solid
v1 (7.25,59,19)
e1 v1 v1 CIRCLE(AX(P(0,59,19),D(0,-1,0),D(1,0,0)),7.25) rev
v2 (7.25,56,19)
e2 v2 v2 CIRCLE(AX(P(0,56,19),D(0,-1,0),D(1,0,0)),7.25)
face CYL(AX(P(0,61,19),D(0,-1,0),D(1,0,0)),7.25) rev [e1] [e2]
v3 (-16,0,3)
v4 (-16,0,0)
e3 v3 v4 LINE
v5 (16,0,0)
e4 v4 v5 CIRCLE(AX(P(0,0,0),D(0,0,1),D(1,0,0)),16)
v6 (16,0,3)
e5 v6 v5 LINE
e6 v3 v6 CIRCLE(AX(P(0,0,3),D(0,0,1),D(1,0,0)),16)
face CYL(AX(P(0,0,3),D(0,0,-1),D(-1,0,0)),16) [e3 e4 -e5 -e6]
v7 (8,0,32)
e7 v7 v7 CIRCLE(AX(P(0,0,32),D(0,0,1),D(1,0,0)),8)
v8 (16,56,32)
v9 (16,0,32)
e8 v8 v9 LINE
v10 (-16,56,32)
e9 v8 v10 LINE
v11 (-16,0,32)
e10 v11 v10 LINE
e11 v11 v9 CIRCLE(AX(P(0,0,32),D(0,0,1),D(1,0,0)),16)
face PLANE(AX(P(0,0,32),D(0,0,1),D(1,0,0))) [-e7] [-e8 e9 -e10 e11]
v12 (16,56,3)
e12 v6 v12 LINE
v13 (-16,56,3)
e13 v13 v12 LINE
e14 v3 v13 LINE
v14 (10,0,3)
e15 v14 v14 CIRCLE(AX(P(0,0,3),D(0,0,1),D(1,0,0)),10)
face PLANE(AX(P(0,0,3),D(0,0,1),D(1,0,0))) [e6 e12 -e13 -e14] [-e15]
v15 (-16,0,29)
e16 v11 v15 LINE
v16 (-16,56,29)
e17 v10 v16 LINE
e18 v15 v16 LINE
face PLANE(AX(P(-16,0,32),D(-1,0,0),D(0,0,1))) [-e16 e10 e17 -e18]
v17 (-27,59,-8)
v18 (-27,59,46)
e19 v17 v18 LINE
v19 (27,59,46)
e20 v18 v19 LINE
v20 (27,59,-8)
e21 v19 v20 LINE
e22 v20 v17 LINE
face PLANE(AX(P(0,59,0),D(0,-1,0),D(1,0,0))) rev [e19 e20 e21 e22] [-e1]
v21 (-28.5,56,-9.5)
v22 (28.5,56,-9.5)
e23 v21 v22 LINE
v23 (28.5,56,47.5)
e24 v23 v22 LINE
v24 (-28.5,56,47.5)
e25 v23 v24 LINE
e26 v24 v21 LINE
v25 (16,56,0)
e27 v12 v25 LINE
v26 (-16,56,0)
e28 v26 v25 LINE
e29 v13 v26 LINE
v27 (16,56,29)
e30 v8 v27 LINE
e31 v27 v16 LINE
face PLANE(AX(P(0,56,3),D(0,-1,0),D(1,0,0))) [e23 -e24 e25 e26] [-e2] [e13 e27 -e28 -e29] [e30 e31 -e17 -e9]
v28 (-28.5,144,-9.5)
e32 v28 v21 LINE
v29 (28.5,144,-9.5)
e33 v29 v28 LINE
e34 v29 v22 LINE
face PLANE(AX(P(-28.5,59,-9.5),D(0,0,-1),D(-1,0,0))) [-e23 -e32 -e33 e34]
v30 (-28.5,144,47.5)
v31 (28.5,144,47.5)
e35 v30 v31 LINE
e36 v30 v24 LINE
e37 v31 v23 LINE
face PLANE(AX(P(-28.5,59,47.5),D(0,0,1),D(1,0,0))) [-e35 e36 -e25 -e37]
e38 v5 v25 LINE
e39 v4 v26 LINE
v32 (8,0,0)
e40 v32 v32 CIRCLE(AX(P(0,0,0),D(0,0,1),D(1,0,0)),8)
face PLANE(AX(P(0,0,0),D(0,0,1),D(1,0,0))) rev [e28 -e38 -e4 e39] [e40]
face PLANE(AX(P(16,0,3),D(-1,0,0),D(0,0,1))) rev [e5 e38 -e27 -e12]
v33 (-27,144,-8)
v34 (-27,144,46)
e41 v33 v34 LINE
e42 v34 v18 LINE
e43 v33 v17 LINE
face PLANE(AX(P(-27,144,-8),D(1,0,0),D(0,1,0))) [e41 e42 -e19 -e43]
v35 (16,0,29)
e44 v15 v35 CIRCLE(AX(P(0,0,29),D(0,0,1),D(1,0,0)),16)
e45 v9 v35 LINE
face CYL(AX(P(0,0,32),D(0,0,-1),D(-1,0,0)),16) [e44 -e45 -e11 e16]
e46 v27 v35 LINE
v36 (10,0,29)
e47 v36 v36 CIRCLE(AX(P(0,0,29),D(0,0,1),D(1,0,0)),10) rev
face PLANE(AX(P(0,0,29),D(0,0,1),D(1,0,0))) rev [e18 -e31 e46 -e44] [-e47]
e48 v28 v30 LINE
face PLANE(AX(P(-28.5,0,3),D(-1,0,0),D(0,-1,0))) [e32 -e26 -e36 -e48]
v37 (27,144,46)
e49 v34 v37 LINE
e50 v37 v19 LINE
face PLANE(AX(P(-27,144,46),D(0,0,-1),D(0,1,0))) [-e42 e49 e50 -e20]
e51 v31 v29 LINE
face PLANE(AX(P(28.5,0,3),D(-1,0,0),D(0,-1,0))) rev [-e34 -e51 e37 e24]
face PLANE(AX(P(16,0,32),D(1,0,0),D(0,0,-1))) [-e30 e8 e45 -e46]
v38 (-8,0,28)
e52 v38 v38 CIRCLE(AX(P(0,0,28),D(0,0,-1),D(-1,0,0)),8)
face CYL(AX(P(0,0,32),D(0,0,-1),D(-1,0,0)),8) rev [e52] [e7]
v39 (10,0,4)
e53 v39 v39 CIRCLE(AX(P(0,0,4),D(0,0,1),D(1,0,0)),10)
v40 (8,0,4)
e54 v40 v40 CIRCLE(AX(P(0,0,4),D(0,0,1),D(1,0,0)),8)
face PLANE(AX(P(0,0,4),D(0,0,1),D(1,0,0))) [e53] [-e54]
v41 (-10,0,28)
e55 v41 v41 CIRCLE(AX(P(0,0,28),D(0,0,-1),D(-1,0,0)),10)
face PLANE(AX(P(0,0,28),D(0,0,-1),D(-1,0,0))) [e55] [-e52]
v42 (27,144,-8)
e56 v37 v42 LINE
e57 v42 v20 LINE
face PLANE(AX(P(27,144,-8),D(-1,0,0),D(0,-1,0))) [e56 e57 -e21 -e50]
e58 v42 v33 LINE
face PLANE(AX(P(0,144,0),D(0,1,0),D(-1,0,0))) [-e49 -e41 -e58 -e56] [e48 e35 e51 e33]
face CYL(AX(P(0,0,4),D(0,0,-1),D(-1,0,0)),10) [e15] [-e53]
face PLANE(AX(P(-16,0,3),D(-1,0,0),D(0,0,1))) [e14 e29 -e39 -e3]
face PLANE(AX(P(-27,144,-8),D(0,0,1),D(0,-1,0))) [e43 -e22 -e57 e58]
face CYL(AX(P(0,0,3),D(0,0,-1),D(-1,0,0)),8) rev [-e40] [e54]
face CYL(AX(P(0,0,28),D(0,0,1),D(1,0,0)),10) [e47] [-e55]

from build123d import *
from build123d.topology import SkipClean

# Parameters (mm, degrees)
SKETCH_1_R          = 8
EXTRUDE_1_DEPTH     = 3
SKETCH_2_R          = 10
SKETCH_2_R_2        = 8
EXTRUDE_3_DEPTH     = 1
SKETCH_4_R          = 8
EXTRUDE_4_DEPTH     = 3
EXTRUDE_START       = 1
SKETCH_5_R          = 10
SKETCH_5_R_2        = 8
EXTRUDE_5_DEPTH     = 1
SKETCH_6_W          = 57
SKETCH_6_H          = 57
EXTRUDE_6_DEPTH     = 3
CUT_EXTRUDE_1_DEPTH = 5
SKETCH_10_R         = 8.25
SKETCH_10_R_2       = 7.25
EXTRUDE_7_DEPTH     = 2
SKETCH_11_W         = 32
SKETCH_11_H         = 37
CUT_EXTRUDE_2_DEPTH = 57
SKETCH_12_W         = 57
SKETCH_12_H         = 57
SKETCH_12_W_2       = 54
SKETCH_12_H_2       = 54
EXTRUDE_8_DEPTH     = 85


with BuildPart() as part:
    # 草图1 → 凸台-拉伸1 (new body)
    with BuildSketch(Plane.XY):
        with BuildLine():
            Line((-16, 0), (-16, 56))
            Line((-16, 56), (-28.5, 56))
            Line((-28.5, 56), (-28.5, 96))
            Line((-28.5, 96), (28.5, 96))
            Line((28.5, 96), (28.5, 56))
            Line((28.5, 56), (16, 56))
            Line((16, 56), (16, 0))
            ThreePointArc((16, 0), (0, -16), (-16, 0))
        make_face()
        Circle(SKETCH_1_R, mode=Mode.SUBTRACT)
    extrude(amount=EXTRUDE_1_DEPTH)

    # 草图2 → 凸台-拉伸3 (add)
    with BuildSketch(Plane.XY.offset(3)):
        Circle(SKETCH_2_R)
        Circle(SKETCH_2_R_2, mode=Mode.SUBTRACT)
    extrude(amount=EXTRUDE_3_DEPTH)



with BuildPart() as body_2:
    # 草图4 → 凸台-拉伸4 (new body)
    with BuildSketch(Plane.XY.offset(29)):
        with BuildLine():
            Line((-16, 0), (-16, 56))
            Line((-16, 56), (-28.5, 56))
            Line((-28.5, 56), (-28.5, 96))
            Line((-28.5, 96), (28.5, 96))
            Line((28.5, 96), (28.5, 56))
            Line((28.5, 56), (16, 56))
            Line((16, 56), (16, 0))
            ThreePointArc((16, 0), (0, -16), (-16, 0))
        make_face()
        Circle(SKETCH_4_R, mode=Mode.SUBTRACT)
    extrude(amount=EXTRUDE_4_DEPTH)

    # 草图5 → 凸台-拉伸5 (add)
    with BuildSketch(Plane(origin=(0, 0, 29), x_dir=(-1, 0, 0), z_dir=(0, 0, -1)).offset(EXTRUDE_START)):
        with Locations(Location((0, 0, 0), (0, 0, 180))):
            Circle(SKETCH_5_R)
        with Locations(Location((0, 0, 0), (0, 0, 180))):
            Circle(SKETCH_5_R_2, mode=Mode.SUBTRACT)
    extrude(amount=-EXTRUDE_5_DEPTH)


with BuildPart() as part_1:
    add(part.part)

    add(body_2.part)  # 凸台-拉伸6 merges body 2
    # 草图6 → 凸台-拉伸6 (add)
    with BuildSketch(Plane.XZ.offset(-56)):
        with Locations((0, 19)):
            Rectangle(SKETCH_6_W, SKETCH_6_H)
    extrude(amount=-EXTRUDE_6_DEPTH)

    # 草图9 → 切除-拉伸1 (cut)
    with BuildSketch(Plane.XZ.offset(-56)):
        with BuildLine():
            ThreePointArc((5.126524164, 24.126524164), (0, 26.25), (-5.126524164, 24.126524164))
            Line((-5.126524164, 24.126524164), (0, 19))
            Line((0, 19), (5.126524164, 24.126524164))
        make_face()
        with BuildLine():
            Line((0, 19), (-5.126524164, 24.126524164))
            ThreePointArc((-5.126524164, 24.126524164), (-7.25, 19), (-5.126524164, 13.873475836))
            Line((-5.126524164, 13.873475836), (0, 19))
        make_face()
        with BuildLine():
            Line((5.126524164, 24.126524164), (0, 19))
            Line((0, 19), (5.126524164, 13.873475836))
            ThreePointArc((5.126524164, 13.873475836), (6.698126611, 16.225545115), (7.25, 19))
            ThreePointArc((7.25, 19), (6.698126611, 21.774454885), (5.126524164, 24.126524164))
        make_face()
        with BuildLine():
            Line((5.126524164, 13.873475836), (0, 19))
            Line((0, 19), (-5.126524164, 13.873475836))
            ThreePointArc((-5.126524164, 13.873475836), (0, 11.75), (5.126524164, 13.873475836))
        make_face()
    extrude(amount=-CUT_EXTRUDE_1_DEPTH, mode=Mode.SUBTRACT)

    # 草图10 → 凸台-拉伸7 (add)
    with SkipClean():  # the faces are left unmerged after this step: merging them gives an invalid solid
        with BuildSketch(Plane(origin=(0, 59, 0), x_dir=(1, 0, 0), z_dir=(0, 1, 0))):
            with Locations((0, -19)):
                Circle(SKETCH_10_R)
            with Locations((0, -19)):
                Circle(SKETCH_10_R_2, mode=Mode.SUBTRACT)
        extrude(amount=EXTRUDE_7_DEPTH)

    # 草图11 → 切除-拉伸2 (cut)
    with BuildSketch(Plane.ZY.offset(28.5)):
        with Locations((16, 77.5)):
            Rectangle(SKETCH_11_W, SKETCH_11_H)
    extrude(amount=-CUT_EXTRUDE_2_DEPTH, mode=Mode.SUBTRACT)

    # 草图12 → 凸台-拉伸8 (add)
    with BuildSketch(Plane(origin=(0, 59, 0), x_dir=(1, 0, 0), z_dir=(0, 1, 0))):
        with Locations((0, -19)):
            Rectangle(SKETCH_12_W, SKETCH_12_H)
        with Locations((0, -19)):
            Rectangle(SKETCH_12_W_2, SKETCH_12_H_2, mode=Mode.SUBTRACT)
    extrude(amount=EXTRUDE_8_DEPTH)


solid = part_1.part
